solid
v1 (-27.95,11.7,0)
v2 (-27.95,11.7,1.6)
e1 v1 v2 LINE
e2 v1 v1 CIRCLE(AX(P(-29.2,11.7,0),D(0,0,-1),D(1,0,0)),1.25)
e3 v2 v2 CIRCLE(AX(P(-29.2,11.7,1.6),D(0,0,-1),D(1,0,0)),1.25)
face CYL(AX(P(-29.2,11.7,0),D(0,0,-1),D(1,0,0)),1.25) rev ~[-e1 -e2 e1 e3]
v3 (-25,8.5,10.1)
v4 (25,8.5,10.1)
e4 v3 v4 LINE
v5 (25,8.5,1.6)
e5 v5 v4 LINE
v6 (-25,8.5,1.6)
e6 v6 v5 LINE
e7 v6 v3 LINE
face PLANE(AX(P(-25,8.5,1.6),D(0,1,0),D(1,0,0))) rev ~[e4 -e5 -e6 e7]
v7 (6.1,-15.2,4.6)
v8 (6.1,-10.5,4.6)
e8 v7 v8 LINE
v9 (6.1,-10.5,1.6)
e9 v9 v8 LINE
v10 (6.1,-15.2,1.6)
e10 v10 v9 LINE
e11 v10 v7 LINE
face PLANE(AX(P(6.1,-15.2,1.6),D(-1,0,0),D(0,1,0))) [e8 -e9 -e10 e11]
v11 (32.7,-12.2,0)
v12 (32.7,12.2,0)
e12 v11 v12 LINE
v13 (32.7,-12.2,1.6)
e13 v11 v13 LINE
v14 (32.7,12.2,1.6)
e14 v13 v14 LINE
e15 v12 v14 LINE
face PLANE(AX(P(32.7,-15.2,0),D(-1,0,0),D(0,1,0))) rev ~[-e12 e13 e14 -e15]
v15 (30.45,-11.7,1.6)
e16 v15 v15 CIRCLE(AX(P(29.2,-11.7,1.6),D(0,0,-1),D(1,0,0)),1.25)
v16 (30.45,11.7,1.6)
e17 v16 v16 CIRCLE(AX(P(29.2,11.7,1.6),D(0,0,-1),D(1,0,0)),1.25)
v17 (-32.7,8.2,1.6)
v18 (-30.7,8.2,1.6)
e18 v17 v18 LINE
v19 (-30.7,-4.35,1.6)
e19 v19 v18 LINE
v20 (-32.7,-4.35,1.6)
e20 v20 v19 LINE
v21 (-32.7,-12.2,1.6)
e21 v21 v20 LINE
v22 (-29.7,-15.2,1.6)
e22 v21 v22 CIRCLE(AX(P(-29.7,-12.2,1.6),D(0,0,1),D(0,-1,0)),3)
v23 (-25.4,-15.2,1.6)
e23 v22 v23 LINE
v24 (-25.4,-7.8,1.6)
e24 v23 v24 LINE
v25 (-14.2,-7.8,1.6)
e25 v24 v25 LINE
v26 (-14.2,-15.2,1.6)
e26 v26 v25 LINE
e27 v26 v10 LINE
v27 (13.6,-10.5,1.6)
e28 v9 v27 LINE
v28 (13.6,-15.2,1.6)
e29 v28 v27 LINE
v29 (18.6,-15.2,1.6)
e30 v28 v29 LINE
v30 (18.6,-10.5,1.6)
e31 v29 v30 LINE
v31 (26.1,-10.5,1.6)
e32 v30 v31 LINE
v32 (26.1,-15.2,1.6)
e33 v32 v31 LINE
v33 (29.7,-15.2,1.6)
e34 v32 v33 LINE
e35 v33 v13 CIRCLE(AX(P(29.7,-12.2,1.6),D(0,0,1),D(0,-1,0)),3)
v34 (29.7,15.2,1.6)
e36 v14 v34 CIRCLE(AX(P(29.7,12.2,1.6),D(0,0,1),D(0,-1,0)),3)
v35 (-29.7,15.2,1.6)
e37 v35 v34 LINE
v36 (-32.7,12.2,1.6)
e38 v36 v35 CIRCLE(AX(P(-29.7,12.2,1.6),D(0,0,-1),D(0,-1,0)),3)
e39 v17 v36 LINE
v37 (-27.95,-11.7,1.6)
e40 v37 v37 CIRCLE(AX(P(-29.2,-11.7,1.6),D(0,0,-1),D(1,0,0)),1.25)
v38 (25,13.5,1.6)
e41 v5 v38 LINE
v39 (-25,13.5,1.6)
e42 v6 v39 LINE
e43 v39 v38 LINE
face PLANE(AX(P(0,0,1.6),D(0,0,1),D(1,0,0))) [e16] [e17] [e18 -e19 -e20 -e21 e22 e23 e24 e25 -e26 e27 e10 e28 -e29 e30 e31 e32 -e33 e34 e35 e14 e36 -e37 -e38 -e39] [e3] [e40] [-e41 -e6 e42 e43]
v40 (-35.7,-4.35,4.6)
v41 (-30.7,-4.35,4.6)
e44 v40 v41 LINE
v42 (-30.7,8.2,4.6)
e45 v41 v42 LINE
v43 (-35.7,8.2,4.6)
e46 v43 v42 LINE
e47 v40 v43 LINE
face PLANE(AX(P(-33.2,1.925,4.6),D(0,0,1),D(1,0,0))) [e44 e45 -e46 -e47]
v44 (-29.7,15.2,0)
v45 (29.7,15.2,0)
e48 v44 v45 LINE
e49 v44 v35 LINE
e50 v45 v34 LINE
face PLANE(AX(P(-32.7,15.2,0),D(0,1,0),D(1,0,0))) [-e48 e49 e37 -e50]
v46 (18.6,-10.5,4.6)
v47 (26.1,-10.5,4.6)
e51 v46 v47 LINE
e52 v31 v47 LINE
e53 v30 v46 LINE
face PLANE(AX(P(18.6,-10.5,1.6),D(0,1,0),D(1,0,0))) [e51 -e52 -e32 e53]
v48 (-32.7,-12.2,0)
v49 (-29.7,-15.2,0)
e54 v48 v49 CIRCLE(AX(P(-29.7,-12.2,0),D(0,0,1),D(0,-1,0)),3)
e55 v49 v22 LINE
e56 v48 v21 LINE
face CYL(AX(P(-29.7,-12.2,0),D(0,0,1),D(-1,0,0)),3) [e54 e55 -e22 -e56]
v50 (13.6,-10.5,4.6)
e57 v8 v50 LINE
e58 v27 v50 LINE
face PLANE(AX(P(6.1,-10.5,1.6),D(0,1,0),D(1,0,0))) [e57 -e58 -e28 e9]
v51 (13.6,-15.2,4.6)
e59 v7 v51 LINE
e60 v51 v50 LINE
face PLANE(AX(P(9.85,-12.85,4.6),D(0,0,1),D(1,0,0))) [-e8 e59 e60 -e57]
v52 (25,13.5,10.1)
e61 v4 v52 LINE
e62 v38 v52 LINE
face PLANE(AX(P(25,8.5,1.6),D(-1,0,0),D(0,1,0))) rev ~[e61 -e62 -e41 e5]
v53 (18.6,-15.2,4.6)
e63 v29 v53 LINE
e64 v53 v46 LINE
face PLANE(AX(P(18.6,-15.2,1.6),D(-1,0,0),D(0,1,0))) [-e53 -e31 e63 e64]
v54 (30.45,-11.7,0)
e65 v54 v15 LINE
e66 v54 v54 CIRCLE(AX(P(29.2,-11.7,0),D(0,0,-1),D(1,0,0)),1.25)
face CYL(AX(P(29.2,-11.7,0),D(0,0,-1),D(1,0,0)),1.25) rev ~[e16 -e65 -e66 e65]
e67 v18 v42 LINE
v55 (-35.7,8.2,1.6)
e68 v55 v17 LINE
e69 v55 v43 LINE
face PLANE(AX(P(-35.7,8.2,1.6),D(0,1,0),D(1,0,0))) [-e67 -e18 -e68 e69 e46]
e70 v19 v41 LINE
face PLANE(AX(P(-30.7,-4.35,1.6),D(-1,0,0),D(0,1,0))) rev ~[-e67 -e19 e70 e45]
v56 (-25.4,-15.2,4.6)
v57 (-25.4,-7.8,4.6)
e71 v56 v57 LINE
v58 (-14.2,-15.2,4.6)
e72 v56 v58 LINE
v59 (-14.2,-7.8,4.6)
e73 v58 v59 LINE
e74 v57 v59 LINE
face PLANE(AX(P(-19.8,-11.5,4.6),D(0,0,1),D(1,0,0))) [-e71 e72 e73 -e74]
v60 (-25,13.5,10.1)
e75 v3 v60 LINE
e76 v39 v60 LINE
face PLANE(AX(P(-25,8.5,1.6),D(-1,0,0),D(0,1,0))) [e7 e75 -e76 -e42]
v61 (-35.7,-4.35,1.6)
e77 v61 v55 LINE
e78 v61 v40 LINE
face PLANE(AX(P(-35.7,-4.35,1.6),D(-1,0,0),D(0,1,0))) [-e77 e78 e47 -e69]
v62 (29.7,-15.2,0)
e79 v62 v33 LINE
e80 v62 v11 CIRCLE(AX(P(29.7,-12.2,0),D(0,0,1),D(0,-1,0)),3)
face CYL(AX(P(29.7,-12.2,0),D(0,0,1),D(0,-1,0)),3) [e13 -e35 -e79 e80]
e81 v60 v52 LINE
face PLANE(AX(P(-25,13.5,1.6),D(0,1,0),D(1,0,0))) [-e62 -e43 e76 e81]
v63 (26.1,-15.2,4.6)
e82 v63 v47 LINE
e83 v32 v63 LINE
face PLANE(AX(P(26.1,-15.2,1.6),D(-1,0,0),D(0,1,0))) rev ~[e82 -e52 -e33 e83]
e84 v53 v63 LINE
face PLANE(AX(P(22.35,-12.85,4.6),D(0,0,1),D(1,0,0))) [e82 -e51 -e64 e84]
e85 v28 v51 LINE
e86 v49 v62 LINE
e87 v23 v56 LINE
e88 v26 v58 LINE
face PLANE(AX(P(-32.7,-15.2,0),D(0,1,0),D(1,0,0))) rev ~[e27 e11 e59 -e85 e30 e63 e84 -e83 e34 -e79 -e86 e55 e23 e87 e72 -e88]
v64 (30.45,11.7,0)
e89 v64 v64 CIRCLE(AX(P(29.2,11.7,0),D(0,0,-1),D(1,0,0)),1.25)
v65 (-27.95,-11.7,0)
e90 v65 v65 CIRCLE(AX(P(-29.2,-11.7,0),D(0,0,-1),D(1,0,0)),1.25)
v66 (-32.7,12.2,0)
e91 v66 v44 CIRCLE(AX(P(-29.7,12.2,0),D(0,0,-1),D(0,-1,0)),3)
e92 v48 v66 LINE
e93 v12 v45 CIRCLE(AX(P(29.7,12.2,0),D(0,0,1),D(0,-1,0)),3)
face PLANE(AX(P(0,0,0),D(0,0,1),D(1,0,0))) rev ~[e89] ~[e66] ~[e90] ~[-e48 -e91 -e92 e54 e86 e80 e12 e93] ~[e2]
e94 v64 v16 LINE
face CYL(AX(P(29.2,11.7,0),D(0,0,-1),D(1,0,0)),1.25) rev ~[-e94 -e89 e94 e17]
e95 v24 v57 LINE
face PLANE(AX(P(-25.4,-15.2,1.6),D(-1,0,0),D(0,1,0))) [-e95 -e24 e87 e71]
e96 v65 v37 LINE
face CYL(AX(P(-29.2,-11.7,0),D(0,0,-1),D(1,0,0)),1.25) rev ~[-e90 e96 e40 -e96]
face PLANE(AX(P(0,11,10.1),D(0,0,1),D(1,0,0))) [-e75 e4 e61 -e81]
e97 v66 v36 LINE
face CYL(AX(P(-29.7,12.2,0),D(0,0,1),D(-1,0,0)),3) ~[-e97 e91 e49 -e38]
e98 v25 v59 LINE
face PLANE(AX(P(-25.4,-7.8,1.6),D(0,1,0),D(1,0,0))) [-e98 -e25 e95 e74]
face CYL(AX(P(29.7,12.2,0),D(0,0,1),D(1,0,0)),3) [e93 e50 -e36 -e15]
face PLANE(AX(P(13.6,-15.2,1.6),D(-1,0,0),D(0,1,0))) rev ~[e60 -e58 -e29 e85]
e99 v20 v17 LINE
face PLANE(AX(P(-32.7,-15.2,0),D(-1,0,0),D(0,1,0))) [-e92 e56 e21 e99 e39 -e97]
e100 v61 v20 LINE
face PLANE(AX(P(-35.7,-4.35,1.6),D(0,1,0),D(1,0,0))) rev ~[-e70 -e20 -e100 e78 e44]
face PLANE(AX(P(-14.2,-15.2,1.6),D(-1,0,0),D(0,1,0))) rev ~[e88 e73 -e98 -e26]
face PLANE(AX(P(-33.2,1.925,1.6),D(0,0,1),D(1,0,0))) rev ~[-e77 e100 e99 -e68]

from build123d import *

# Parameters (mm, degrees)
SKETCH_W      = 65.4
SKETCH_H      = 30.4
PAD_DEPTH     = 1.6
FILLET_R      = 3
SKETCH001_W   = 7.5
SKETCH001_H   = 4.7
SKETCH001_W_2 = 5
SKETCH001_H_2 = 12.55
SKETCH001_W_3 = 11.2
SKETCH001_H_3 = 7.4
PAD001_DEPTH  = 3
SKETCH002_R   = 1.25
POCKET_DEPTH  = 5
SKETCH003_W   = 50
SKETCH003_H   = 5
PAD002_DEPTH  = 8.5


with BuildPart() as part:
    # Sketch → Pad (new body)
    with BuildSketch(Plane.XY):
        Rectangle(SKETCH_W, SKETCH_H)
    extrude(amount=PAD_DEPTH)

    # Fillet
    fillet_edges = [part.edges().sort_by_distance(p)[0] for p in [
        (32.7, -15.2, 0.8),
        (-32.7, -15.2, 0.8),
        (-32.7, 15.2, 0.8),
        (32.7, 15.2, 0.8),
    ]]
    fillet(fillet_edges, radius=FILLET_R)

    # Sketch001 (on Face5 of Fillet) → Pad001 (join)
    with BuildSketch(Plane.XY.offset(1.6)):
        with Locations((9.85, -12.85)):
            Rectangle(SKETCH001_W, SKETCH001_H)
        with Locations((22.35, -12.85)):
            Rectangle(SKETCH001_W, SKETCH001_H)
        with Locations((-33.2, 1.925)):
            Rectangle(SKETCH001_W_2, SKETCH001_H_2)
        with Locations((-19.8, -11.5)):
            Rectangle(SKETCH001_W_3, SKETCH001_H_3)
    extrude(amount=PAD001_DEPTH)

    # Sketch002 (on Face2 of Pad001) → Pocket (cut)
    with BuildSketch(Plane(origin=(0, 0, 0), x_dir=(1, 0, 0), z_dir=(0, 0, -1))):
        with Locations((-29.2, 11.7)):
            Circle(SKETCH002_R)
        with Locations((29.2, -11.7)):
            Circle(SKETCH002_R)
        with Locations((29.2, 11.7)):
            Circle(SKETCH002_R)
        with Locations((-29.2, -11.7)):
            Circle(SKETCH002_R)
    extrude(amount=-POCKET_DEPTH, mode=Mode.SUBTRACT)

    # Sketch003 (on Face5 of Pocket) → Pad002 (join)
    with BuildSketch(Plane.XY.offset(1.6)):
        with Locations((0, 11)):
            Rectangle(SKETCH003_W, SKETCH003_H)
    extrude(amount=PAD002_DEPTH)


solid = part.part
